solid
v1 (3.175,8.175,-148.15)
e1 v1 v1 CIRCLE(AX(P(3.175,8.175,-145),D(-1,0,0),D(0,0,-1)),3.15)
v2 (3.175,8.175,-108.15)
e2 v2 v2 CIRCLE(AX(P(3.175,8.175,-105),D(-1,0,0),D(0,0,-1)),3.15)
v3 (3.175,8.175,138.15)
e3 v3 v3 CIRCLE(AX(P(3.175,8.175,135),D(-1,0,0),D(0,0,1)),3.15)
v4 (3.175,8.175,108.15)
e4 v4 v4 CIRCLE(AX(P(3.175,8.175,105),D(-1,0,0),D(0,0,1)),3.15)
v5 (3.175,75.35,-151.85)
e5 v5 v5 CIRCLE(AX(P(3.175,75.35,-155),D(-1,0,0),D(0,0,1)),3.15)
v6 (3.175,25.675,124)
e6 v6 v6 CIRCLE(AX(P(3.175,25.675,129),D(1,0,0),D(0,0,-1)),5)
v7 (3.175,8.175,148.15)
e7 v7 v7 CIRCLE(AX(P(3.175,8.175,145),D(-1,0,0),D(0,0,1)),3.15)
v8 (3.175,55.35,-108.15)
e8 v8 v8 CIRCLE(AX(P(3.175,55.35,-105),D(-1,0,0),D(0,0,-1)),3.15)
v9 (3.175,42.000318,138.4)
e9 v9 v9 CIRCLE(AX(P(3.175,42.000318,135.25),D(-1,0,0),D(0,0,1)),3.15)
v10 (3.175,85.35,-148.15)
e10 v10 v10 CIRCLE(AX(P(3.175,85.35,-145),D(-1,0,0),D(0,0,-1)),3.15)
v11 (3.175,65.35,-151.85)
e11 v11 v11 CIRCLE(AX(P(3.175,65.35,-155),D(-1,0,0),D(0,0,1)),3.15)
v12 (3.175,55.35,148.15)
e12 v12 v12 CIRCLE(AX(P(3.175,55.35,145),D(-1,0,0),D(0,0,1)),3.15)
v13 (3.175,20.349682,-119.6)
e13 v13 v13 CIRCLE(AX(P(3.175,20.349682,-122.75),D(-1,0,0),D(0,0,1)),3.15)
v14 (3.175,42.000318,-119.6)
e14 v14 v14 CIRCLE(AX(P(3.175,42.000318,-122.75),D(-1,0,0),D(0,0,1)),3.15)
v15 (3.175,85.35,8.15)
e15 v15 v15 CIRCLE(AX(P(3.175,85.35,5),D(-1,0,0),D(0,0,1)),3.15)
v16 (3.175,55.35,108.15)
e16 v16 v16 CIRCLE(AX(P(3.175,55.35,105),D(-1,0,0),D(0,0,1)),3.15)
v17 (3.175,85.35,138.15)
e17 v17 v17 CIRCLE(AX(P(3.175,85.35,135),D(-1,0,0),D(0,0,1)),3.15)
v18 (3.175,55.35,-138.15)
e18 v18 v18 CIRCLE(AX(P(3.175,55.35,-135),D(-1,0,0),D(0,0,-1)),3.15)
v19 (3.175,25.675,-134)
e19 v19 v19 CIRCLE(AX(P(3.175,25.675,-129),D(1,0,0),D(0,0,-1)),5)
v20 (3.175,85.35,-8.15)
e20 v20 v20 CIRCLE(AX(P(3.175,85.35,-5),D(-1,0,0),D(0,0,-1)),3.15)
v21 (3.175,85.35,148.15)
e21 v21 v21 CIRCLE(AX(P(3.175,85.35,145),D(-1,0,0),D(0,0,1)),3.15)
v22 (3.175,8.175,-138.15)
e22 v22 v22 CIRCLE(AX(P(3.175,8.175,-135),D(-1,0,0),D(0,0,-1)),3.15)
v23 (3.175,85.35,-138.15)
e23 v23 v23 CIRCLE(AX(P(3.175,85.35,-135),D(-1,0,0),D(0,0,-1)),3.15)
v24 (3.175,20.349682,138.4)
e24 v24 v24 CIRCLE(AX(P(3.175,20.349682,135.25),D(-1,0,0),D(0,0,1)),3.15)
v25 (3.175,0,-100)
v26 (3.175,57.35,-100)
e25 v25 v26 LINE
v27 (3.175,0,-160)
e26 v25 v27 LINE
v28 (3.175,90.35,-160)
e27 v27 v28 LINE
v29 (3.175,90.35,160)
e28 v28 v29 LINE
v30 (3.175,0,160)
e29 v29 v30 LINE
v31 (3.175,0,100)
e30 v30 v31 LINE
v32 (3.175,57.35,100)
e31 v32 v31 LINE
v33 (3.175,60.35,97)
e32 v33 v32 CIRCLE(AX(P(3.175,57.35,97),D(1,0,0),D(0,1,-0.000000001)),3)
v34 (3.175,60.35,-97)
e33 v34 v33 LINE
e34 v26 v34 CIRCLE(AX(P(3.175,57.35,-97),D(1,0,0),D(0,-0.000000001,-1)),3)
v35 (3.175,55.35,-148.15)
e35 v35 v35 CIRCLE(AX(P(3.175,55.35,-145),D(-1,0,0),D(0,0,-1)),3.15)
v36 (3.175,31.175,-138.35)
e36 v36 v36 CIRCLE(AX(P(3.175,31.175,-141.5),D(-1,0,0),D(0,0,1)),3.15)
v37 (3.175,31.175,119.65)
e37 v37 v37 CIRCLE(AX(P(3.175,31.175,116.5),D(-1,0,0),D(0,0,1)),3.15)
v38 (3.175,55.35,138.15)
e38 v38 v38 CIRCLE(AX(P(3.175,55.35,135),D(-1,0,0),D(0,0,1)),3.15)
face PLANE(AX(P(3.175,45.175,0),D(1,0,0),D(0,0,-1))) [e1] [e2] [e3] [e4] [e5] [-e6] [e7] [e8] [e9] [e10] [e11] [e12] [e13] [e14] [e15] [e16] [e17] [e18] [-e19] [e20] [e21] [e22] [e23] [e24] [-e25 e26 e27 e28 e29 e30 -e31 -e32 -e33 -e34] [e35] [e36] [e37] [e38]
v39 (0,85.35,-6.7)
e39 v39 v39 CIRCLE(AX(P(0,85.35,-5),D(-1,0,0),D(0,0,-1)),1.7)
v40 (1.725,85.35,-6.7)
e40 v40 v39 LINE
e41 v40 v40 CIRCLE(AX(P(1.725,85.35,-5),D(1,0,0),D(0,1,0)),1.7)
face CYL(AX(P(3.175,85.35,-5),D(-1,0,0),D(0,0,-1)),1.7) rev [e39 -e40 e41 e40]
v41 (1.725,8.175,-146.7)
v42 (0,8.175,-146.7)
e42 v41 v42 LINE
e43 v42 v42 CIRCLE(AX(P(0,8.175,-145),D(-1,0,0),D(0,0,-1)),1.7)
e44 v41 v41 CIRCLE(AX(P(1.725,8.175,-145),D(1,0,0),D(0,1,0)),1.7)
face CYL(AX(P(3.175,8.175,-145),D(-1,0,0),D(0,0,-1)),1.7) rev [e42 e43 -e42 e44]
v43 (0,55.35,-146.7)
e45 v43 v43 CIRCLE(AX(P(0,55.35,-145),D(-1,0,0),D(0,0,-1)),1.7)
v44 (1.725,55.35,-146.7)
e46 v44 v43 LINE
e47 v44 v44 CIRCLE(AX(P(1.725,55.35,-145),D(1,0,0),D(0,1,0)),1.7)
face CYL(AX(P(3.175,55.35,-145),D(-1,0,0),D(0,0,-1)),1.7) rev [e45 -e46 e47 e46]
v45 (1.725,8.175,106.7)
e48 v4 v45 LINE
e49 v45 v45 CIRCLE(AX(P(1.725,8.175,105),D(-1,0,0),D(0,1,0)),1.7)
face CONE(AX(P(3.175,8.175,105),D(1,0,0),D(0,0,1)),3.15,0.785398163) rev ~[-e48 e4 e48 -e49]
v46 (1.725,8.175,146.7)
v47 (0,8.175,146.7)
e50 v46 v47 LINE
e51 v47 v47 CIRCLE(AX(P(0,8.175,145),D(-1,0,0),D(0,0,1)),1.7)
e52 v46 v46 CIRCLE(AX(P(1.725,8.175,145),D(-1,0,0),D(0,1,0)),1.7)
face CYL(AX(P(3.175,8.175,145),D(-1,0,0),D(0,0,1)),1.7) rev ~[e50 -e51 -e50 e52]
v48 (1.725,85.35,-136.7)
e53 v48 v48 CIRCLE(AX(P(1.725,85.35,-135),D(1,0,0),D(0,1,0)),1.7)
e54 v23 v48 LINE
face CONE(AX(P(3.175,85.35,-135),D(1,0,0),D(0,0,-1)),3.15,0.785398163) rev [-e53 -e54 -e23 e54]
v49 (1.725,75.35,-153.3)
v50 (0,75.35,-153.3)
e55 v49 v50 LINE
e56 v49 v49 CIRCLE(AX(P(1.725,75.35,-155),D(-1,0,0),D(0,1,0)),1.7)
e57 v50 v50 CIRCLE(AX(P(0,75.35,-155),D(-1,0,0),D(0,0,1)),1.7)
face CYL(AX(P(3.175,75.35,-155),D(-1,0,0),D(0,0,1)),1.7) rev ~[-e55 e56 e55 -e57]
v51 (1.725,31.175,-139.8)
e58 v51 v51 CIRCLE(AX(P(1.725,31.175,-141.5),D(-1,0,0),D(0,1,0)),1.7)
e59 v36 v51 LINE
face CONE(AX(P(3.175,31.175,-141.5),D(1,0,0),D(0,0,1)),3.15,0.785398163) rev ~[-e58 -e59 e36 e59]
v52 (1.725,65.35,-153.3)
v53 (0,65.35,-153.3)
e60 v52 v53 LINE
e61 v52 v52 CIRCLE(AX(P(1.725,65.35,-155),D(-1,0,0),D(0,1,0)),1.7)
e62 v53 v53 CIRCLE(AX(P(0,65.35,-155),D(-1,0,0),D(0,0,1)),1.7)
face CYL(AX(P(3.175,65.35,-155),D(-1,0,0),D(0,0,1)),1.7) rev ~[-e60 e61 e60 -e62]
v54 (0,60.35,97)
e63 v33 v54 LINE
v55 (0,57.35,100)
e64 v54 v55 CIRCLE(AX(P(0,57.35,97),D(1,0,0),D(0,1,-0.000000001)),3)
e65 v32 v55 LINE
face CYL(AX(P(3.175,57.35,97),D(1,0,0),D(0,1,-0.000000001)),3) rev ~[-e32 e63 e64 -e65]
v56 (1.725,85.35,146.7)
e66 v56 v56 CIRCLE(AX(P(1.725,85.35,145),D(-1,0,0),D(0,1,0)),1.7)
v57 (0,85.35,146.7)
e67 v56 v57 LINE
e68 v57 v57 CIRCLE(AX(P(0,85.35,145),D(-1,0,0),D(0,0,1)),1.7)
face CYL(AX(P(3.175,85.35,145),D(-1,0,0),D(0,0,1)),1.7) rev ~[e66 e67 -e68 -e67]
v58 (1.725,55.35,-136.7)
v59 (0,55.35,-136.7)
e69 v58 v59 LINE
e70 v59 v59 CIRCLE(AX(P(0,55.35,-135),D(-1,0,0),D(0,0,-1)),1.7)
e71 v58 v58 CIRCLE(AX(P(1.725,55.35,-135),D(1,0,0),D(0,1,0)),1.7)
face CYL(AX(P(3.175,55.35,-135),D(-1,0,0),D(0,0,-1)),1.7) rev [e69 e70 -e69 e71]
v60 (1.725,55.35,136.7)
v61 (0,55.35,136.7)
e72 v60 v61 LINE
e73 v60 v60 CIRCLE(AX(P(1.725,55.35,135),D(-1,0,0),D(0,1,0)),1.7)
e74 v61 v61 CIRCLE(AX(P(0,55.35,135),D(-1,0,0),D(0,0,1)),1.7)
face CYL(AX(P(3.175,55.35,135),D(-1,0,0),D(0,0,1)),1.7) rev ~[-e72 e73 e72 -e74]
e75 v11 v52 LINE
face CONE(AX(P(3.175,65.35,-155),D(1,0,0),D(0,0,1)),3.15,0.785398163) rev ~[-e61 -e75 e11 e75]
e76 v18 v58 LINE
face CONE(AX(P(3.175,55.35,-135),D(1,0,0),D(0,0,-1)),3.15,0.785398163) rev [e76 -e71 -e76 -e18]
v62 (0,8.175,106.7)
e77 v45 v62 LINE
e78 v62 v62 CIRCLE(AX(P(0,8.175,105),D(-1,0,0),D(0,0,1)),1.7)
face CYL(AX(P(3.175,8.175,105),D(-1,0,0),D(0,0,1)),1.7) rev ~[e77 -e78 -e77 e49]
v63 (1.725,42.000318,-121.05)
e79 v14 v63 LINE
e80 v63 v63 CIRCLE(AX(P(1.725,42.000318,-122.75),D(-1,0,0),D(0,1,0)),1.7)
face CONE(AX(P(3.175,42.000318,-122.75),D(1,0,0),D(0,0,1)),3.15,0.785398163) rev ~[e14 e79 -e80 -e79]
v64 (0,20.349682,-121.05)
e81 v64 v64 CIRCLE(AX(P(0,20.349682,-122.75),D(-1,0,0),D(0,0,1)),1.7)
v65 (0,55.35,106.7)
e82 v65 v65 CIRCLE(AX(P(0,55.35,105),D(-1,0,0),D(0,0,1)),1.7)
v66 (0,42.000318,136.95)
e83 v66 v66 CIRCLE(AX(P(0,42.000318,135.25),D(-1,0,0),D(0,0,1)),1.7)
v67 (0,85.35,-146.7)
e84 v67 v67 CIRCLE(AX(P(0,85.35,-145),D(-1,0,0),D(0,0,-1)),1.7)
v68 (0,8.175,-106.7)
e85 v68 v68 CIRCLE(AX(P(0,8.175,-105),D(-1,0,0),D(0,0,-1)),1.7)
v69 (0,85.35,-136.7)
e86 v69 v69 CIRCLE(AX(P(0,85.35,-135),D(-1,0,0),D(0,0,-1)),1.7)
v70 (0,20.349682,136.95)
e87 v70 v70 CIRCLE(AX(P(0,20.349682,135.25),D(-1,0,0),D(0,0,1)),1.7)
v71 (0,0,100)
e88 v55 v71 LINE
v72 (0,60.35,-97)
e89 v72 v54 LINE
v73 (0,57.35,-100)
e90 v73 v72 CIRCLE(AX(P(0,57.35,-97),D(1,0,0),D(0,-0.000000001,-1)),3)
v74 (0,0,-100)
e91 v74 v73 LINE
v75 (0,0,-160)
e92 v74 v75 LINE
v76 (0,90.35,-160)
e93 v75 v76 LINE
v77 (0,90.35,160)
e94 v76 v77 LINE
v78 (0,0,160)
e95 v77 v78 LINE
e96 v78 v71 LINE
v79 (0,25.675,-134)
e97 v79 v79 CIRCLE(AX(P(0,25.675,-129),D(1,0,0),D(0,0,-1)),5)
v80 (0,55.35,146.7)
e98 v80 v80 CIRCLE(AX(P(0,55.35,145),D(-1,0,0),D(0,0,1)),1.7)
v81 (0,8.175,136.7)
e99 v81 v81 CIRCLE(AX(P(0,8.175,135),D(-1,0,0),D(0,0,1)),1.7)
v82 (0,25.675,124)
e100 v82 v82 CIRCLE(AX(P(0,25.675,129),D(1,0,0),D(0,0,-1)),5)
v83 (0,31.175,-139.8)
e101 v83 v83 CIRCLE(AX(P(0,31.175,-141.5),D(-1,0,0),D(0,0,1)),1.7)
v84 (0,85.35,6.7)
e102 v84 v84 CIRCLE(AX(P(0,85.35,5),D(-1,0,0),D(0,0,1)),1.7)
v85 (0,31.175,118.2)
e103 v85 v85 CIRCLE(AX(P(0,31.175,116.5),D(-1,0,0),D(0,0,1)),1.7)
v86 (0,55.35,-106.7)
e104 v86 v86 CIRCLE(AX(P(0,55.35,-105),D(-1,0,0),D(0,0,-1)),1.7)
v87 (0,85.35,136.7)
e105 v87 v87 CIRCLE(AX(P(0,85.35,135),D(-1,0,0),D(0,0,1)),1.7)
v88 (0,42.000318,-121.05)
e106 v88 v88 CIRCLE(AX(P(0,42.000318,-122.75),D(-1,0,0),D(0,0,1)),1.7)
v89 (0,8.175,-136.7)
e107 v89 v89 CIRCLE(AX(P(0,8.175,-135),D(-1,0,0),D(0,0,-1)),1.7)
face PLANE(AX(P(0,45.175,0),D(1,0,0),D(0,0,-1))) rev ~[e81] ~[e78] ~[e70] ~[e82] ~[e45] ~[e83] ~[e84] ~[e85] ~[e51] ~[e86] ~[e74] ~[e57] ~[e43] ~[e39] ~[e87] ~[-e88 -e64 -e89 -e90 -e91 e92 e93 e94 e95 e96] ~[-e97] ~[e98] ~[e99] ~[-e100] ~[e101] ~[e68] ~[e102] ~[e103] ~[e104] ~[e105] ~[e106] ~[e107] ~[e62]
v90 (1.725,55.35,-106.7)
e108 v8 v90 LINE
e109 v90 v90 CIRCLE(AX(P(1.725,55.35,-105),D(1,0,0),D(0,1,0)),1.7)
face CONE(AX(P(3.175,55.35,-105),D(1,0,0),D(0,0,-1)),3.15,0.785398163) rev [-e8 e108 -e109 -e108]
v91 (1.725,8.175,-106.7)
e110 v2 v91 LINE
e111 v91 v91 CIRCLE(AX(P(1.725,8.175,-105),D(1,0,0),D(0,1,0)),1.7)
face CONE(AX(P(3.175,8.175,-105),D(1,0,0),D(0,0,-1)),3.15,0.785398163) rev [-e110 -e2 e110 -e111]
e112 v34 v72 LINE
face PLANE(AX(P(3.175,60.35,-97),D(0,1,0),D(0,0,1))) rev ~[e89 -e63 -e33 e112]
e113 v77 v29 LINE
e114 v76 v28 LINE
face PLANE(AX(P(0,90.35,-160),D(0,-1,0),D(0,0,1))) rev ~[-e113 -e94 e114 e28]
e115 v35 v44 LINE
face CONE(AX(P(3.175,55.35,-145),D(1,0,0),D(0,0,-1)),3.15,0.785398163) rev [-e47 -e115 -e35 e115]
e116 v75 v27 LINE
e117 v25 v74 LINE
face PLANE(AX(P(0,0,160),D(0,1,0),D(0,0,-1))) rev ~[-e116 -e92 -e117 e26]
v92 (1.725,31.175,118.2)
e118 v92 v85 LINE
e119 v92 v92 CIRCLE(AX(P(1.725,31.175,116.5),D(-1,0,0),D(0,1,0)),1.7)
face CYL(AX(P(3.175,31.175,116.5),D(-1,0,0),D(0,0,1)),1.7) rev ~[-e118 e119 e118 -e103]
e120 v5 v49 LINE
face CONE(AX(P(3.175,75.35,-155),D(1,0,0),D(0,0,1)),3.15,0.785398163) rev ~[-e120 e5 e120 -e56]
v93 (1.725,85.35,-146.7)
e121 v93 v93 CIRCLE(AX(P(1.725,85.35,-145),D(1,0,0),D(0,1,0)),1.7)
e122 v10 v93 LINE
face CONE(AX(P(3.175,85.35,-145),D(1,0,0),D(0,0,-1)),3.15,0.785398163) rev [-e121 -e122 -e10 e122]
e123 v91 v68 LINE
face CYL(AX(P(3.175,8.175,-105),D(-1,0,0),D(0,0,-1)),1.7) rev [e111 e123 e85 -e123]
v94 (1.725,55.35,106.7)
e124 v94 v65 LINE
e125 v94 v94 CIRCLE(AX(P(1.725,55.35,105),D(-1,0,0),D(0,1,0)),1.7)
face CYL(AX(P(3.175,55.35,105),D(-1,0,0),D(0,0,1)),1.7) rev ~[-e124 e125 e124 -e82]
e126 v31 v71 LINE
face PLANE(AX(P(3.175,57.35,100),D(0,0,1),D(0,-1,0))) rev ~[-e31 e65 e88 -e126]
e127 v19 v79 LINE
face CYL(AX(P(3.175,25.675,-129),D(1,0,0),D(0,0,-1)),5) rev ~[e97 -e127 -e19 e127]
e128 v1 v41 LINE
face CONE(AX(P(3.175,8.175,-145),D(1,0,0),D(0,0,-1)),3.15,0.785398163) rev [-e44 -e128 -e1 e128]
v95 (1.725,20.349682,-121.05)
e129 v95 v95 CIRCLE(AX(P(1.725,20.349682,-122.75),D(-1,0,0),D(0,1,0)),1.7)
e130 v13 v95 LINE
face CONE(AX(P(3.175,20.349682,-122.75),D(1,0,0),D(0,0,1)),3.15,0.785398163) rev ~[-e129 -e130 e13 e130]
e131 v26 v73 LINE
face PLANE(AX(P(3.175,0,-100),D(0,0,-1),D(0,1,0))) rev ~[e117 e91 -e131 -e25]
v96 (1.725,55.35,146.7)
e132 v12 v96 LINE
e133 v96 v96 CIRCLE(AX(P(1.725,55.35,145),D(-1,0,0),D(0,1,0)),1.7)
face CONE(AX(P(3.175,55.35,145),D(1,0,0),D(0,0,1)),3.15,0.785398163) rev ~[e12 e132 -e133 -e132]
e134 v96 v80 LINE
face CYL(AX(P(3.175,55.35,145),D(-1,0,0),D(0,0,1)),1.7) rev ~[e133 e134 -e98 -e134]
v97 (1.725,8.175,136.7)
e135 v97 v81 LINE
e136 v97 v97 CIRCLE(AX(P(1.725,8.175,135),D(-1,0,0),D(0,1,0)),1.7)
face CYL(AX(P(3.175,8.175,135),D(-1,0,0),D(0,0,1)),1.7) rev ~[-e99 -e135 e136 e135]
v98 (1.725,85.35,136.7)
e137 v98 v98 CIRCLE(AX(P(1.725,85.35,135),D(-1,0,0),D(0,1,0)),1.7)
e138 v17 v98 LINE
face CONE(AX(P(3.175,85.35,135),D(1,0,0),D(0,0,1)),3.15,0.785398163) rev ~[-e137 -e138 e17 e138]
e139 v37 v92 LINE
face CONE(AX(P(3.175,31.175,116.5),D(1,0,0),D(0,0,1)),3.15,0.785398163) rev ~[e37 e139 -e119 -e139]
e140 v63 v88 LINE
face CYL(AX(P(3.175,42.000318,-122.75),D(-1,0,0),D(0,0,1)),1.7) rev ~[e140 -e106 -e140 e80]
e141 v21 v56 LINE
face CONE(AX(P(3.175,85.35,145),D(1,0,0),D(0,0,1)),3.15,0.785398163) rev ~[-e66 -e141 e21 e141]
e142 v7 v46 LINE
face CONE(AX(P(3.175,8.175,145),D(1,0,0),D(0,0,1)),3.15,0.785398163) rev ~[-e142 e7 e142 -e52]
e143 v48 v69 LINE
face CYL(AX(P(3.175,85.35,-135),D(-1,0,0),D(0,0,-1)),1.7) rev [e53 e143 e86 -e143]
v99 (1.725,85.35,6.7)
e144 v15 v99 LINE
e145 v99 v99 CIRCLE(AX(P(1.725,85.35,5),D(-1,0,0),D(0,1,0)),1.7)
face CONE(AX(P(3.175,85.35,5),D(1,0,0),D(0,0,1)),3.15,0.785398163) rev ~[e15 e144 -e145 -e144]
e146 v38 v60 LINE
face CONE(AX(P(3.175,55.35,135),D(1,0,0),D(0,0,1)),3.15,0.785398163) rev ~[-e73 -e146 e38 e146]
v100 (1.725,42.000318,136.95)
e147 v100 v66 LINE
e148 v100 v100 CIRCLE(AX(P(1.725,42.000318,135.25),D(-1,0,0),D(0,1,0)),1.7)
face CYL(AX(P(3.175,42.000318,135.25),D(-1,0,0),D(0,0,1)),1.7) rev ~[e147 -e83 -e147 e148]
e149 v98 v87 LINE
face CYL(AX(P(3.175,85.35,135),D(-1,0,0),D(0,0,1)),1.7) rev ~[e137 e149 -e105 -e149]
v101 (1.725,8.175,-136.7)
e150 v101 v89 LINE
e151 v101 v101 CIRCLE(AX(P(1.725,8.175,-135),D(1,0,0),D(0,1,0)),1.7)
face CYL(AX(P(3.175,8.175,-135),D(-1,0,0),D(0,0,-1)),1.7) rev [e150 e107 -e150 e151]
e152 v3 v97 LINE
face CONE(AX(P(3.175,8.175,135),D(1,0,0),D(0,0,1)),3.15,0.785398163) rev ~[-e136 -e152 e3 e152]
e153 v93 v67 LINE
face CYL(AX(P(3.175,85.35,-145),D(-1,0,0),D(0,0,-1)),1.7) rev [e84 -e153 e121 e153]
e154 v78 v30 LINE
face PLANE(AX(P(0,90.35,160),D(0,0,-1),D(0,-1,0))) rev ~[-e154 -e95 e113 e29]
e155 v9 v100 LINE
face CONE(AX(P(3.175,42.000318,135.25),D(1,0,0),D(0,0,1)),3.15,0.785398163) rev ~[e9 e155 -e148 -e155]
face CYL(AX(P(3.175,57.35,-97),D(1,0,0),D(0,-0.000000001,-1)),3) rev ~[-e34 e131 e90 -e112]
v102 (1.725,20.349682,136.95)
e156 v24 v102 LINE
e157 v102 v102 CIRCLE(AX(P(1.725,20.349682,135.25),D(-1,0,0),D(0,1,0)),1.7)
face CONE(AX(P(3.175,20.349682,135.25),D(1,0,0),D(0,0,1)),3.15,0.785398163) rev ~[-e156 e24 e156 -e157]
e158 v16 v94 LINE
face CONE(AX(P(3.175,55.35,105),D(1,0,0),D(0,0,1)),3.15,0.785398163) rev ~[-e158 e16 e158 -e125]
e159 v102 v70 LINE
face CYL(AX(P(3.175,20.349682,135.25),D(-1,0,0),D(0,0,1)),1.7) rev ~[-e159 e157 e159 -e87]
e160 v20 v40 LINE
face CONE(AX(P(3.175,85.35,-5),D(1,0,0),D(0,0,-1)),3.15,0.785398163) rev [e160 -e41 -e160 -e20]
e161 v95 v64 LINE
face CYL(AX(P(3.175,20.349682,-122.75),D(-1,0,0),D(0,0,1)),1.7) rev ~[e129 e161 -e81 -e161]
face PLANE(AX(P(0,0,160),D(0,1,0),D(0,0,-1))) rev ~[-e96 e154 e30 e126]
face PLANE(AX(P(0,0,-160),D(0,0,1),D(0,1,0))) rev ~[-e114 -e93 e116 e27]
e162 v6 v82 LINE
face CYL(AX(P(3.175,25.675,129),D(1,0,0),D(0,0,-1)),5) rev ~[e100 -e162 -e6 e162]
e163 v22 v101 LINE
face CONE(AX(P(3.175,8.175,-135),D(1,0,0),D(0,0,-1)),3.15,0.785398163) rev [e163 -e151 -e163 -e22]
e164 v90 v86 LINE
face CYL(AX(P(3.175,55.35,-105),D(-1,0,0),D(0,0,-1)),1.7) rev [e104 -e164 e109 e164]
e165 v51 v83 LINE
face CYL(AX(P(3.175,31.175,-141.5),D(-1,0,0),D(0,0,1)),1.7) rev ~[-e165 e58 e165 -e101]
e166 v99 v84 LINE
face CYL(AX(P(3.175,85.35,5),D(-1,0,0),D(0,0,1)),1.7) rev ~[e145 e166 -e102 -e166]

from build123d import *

# Parameters (mm, degrees)
BOSS_EXTRUDE1_DEPTH                             = 3.175
CSK_FOR_M3_FLAT_HEAD_MACHINE_SCREW1_D           = 3.4
CSK_FOR_M3_FLAT_HEAD_MACHINE_SCREW1_CSINK_D     = 6.3
CSK_FOR_M3_FLAT_HEAD_MACHINE_SCREW1_CSINK_ANGLE = 90
SKETCH4_R                                       = 5
CUT_EXTRUDE1_DEPTH                              = 4.175
CSK_FOR_M3_FLAT_HEAD_MACHINE_SCREW2_D           = 3.4
CSK_FOR_M3_FLAT_HEAD_MACHINE_SCREW2_CSINK_D     = 6.3
CSK_FOR_M3_FLAT_HEAD_MACHINE_SCREW2_CSINK_ANGLE = 90
CSK_FOR_M3_FLAT_HEAD_MACHINE_SCREW3_D           = 3.4
CSK_FOR_M3_FLAT_HEAD_MACHINE_SCREW3_CSINK_D     = 6.3
CSK_FOR_M3_FLAT_HEAD_MACHINE_SCREW3_CSINK_ANGLE = 90
LPATTERN1_COUNT                                 = 2
LPATTERN1_PITCH                                 = 258


with BuildPart() as part:
    # Sketch1 → Boss-Extrude1 (new body)
    with BuildSketch(Plane(origin=(0, 0, 0), x_dir=(0, 0, -1), z_dir=(1, 0, 0))):
        Polygon((160, 0), (160, 3.175), (160, 47.175), (160, 50.35), (160, 60.35), (160, 90.35), (-160, 90.35), (-160, 60.35), (-160, 50.35), (-160, 47.175), (-160, 3.175), (-160, 0), align=None)
    extrude(amount=BOSS_EXTRUDE1_DEPTH)

    # CSK for M3 Flat Head Machine Screw1 (through all)
    with Locations(Plane(origin=(3.175, 0, 0), x_dir=(0, 0, -1), z_dir=(1, 0, 0))):
        with Locations((-145, 8.175), (-135, 8.175), (-105, 8.175), (-145, 55.35), (-135, 55.35), (-105, 55.35), (-145, 85.35), (-135, 85.35), (-5, 85.35)):
            csk_for_m3_flat_head_machine_screw1 = CounterSinkHole(CSK_FOR_M3_FLAT_HEAD_MACHINE_SCREW1_D / 2, CSK_FOR_M3_FLAT_HEAD_MACHINE_SCREW1_CSINK_D / 2, counter_sink_angle=CSK_FOR_M3_FLAT_HEAD_MACHINE_SCREW1_CSINK_ANGLE)

    # Mirror1: CSK for M3 Flat Head Machine Screw1 across plane
    add(csk_for_m3_flat_head_machine_screw1.mirror(Plane.XY), mode=Mode.SUBTRACT)

    # Sketch4 → Cut-Extrude1 (cut, through all)
    with BuildSketch(Plane(origin=(3.175, 0, 0), x_dir=(0, 0, -1), z_dir=(1, 0, 0))):
        with Locations((-129, 25.675)):
            Circle(SKETCH4_R)
        with Locations((129, 25.675)):
            Circle(SKETCH4_R)
        with BuildLine():
            Line((-100, 57.35), (-100, 0))
            Line((-100, 0), (100, 0))
            Line((100, 0), (100, 57.35))
            ThreePointArc((100, 57.35), (99.121320344, 59.471320344), (97, 60.35))
            Line((97, 60.35), (-97, 60.35))
            ThreePointArc((-97, 60.35), (-99.121320344, 59.471320344), (-100, 57.35))
        make_face()
    extrude(amount=-CUT_EXTRUDE1_DEPTH, mode=Mode.SUBTRACT)

    # CSK for M3 Flat Head Machine Screw2 (through all)
    with Locations(Plane(origin=(3.175, 0, 0), x_dir=(0, 0, -1), z_dir=(1, 0, 0))):
        with Locations((155, 65.35), (155, 75.35)):
            CounterSinkHole(CSK_FOR_M3_FLAT_HEAD_MACHINE_SCREW2_D / 2, CSK_FOR_M3_FLAT_HEAD_MACHINE_SCREW2_CSINK_D / 2, counter_sink_angle=CSK_FOR_M3_FLAT_HEAD_MACHINE_SCREW2_CSINK_ANGLE)

    # CSK for M3 Flat Head Machine Screw3 (through all)
    with Locations(Plane(origin=(3.175, 0, 0), x_dir=(0, 0, -1), z_dir=(1, 0, 0))):
        with Locations((-116.5, 31.175), (-135.25, 20.349682453), (-135.25, 42.000317547)):
            csk_for_m3_flat_head_machine_screw3 = CounterSinkHole(CSK_FOR_M3_FLAT_HEAD_MACHINE_SCREW3_D / 2, CSK_FOR_M3_FLAT_HEAD_MACHINE_SCREW3_CSINK_D / 2, counter_sink_angle=CSK_FOR_M3_FLAT_HEAD_MACHINE_SCREW3_CSINK_ANGLE)

    # LPattern1: CSK for M3 Flat Head Machine Screw3 ×2
    with Locations(*[(0, 0, -i * LPATTERN1_PITCH) for i in range(1, LPATTERN1_COUNT)]):
        add(csk_for_m3_flat_head_machine_screw3, mode=Mode.SUBTRACT)


solid = part.part
